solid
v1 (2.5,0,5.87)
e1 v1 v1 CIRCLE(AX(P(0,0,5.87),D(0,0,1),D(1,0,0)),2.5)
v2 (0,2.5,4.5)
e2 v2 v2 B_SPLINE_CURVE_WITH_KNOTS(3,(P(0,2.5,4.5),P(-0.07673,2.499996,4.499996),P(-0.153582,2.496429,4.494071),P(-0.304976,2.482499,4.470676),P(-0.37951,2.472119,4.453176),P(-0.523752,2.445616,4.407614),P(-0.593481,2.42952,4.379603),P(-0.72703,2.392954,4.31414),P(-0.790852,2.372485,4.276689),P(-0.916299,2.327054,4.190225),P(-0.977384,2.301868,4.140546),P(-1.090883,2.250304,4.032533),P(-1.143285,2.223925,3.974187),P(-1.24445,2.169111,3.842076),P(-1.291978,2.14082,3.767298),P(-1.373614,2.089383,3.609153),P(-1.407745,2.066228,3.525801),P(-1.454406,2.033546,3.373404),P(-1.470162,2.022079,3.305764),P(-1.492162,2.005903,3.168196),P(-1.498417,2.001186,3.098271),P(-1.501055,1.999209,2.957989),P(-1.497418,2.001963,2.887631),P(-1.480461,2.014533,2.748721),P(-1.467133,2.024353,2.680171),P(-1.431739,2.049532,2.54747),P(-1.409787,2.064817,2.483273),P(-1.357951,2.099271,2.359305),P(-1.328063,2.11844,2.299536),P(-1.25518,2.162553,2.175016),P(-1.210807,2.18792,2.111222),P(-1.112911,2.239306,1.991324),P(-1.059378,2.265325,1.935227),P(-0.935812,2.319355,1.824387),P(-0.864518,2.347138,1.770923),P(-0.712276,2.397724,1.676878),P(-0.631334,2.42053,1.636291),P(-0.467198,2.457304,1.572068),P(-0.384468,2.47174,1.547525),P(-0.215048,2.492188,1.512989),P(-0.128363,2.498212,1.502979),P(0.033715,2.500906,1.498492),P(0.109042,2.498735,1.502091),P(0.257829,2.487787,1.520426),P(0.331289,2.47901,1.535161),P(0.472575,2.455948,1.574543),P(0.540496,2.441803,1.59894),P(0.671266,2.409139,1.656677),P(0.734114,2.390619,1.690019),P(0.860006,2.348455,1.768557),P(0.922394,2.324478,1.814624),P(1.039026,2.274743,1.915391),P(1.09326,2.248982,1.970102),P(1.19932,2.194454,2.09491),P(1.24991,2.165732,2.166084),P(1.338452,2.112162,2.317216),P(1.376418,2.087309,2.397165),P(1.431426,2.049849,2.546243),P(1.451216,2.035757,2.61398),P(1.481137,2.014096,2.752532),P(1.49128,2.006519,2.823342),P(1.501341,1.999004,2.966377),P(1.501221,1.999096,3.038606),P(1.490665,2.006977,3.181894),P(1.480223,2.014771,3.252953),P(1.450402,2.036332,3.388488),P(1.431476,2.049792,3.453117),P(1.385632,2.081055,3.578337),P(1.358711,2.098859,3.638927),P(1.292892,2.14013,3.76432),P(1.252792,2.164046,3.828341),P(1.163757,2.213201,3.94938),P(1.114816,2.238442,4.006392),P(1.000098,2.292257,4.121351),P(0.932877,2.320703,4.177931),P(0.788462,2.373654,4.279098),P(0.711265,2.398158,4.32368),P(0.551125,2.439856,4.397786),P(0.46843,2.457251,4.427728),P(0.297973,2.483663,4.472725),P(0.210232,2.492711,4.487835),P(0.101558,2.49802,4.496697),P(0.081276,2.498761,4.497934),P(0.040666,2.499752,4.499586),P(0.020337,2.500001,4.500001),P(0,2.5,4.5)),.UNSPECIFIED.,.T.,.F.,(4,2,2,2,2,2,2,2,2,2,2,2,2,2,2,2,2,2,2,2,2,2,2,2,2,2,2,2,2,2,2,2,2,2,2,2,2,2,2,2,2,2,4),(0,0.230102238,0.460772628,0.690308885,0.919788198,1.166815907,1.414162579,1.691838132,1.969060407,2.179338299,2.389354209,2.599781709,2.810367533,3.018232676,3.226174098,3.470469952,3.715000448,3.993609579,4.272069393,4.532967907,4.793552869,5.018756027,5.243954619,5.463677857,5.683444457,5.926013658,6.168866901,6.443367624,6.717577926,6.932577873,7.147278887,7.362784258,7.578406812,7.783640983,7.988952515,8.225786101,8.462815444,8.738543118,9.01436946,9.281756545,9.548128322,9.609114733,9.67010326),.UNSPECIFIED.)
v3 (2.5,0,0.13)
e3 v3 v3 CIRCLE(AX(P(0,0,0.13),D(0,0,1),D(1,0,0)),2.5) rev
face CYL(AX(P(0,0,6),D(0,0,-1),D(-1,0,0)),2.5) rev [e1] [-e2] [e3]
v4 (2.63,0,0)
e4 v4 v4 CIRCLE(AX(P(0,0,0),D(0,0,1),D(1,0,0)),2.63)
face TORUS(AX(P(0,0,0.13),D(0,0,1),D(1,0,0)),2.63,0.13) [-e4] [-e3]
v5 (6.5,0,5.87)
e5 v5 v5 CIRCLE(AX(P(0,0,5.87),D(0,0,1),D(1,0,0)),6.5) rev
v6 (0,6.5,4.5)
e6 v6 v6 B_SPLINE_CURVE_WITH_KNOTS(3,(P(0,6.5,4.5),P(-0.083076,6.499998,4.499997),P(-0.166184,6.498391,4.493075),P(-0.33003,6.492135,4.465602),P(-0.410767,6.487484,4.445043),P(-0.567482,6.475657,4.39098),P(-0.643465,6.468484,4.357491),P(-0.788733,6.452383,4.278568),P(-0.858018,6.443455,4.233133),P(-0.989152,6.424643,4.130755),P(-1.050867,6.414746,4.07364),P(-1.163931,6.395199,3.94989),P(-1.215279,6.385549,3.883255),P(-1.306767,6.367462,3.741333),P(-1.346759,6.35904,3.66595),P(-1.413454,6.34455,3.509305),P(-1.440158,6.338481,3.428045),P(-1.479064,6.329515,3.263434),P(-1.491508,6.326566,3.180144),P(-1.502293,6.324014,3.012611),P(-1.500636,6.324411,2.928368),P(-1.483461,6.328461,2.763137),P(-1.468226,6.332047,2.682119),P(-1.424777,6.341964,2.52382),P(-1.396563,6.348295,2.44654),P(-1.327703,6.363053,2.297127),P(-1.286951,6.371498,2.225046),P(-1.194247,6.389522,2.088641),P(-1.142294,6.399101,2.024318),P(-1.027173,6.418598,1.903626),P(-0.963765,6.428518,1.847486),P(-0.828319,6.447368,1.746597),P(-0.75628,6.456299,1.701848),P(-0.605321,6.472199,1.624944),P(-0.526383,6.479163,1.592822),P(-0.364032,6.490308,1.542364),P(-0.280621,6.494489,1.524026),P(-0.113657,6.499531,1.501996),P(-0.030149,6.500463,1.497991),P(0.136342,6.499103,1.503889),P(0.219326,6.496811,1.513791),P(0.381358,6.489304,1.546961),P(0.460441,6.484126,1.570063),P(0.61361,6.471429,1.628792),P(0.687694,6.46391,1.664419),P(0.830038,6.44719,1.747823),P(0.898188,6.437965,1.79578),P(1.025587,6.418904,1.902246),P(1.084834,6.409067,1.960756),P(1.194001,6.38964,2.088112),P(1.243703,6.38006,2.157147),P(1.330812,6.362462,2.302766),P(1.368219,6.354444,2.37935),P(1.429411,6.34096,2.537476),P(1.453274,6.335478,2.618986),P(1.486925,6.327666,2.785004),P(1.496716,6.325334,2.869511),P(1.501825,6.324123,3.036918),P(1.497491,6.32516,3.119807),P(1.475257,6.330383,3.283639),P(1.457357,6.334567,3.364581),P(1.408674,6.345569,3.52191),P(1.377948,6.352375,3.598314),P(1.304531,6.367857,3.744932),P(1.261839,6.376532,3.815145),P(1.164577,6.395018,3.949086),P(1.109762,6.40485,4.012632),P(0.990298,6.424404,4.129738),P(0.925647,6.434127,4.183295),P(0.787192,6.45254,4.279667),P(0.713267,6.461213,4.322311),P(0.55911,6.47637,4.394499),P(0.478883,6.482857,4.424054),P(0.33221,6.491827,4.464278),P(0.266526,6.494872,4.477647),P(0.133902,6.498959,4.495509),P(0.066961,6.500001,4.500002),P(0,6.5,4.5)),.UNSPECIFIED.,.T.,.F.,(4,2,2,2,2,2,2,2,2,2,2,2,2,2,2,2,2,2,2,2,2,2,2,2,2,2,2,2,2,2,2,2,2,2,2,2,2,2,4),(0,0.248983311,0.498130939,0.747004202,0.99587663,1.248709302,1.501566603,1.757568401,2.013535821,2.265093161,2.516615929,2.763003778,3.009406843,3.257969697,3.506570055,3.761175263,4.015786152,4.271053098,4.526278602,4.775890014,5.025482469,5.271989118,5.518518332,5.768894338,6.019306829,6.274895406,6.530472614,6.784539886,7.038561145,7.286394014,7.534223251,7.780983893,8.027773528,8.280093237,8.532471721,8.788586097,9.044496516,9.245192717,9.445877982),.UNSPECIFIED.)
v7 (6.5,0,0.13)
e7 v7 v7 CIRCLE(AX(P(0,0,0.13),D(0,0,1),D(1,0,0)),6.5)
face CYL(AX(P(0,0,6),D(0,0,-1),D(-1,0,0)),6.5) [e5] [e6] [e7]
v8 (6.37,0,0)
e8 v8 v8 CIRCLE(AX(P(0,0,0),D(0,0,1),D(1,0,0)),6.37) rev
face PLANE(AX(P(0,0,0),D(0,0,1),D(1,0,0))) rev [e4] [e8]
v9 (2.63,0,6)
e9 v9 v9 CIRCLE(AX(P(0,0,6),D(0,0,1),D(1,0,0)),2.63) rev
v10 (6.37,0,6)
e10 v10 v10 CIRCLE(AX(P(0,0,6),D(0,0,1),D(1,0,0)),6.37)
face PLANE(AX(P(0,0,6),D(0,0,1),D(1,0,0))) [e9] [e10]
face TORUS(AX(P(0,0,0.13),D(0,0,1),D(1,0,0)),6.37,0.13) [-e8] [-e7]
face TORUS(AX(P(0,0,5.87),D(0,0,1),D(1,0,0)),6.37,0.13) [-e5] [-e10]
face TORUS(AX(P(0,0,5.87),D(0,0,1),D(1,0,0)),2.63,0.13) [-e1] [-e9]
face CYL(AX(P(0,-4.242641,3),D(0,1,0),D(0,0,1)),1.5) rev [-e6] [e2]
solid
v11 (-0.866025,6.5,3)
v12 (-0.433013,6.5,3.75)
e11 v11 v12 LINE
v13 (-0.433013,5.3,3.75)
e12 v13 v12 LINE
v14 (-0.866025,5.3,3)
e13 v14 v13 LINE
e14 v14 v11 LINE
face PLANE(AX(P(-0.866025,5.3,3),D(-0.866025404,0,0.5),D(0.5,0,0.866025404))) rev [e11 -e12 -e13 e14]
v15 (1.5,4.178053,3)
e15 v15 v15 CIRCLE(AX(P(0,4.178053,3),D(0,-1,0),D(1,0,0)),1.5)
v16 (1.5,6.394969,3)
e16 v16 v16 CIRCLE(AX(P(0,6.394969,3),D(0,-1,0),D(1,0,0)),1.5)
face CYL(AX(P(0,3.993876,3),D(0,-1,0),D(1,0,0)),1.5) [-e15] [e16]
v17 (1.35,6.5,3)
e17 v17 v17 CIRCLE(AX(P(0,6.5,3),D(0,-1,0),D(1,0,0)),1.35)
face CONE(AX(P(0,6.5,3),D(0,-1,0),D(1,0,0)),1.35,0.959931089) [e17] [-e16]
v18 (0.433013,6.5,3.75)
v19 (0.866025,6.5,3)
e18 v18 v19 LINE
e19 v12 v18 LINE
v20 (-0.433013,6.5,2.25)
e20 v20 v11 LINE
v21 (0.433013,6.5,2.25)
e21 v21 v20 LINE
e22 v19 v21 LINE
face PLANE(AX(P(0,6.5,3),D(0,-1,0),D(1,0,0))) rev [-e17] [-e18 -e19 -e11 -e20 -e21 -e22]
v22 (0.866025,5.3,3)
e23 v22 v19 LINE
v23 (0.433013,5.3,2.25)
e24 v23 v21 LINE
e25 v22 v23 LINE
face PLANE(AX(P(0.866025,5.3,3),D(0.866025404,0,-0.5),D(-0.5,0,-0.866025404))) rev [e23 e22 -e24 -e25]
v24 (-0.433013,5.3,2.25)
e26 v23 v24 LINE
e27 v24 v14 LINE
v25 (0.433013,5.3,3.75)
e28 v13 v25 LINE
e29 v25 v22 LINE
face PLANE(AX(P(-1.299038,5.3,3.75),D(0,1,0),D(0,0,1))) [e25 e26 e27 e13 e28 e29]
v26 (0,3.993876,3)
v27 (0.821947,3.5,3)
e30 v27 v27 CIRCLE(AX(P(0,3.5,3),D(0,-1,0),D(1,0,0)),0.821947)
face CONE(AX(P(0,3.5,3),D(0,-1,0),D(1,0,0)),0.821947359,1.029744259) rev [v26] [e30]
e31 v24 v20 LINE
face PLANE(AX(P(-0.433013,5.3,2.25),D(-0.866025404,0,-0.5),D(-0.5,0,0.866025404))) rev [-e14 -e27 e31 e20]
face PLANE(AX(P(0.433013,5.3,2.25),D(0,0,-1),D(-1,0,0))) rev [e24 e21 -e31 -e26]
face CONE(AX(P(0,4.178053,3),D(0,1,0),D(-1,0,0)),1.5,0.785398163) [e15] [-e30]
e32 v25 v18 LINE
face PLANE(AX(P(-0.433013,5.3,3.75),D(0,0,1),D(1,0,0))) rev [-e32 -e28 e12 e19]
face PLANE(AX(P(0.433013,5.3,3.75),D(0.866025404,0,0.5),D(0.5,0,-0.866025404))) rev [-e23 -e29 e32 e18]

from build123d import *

# Parameters (mm, degrees)
SKETCH1_R               = 6.5
SKETCH1_R_2             = 2.5
EXTRUDE1_DEPTH          = 6
CUT_EXTRUDE1_REACH      = 17.724
CUT_EXTRUDE1_END_RADIUS = 2.5
SKETCH2_R               = 1.5
CUT_EXTRUDE2_DEPTH      = 1.2
FILLET1_R               = 0.13


with BuildPart() as part:
    # Sketch1 → Extrude1 (new body)
    with BuildSketch(Plane.XY):
        Circle(SKETCH1_R)
        Circle(SKETCH1_R_2, mode=Mode.SUBTRACT)
    extrude(amount=EXTRUDE1_DEPTH)

    # Cut-Extrude1: up to this cylinder (the profile starts outside it)
    cut_extrude1_end = Plane(origin=(0, 0, 3), z_dir=(0, 0, -1)) * Cylinder(CUT_EXTRUDE1_END_RADIUS, 41.448, mode=Mode.PRIVATE)
    # Sketch2 → Cut-Extrude1 (cut, up to the surface)
    with BuildSketch(Plane(origin=(0, 6.5, 0), x_dir=(-1, 0, 0), z_dir=(0, 1, 0)), mode=Mode.PRIVATE) as cut_extrude1_sk1:
        with Locations(Location((0, 3, 0), (0, 0, 90))):
            Circle(SKETCH2_R)
    cut_extrude1_tool1 = extrude(cut_extrude1_sk1.sketch, amount=-CUT_EXTRUDE1_REACH, mode=Mode.PRIVATE) - cut_extrude1_end
    add(cut_extrude1_tool1.solids().sort_by_distance((0, 6.5, 3))[0], mode=Mode.SUBTRACT)

    # Fillet1
    fillet1_edges = [part.edges().sort_by_distance(p)[0] for p in [
        (-6.5, 0, 0),
        (-6.5, 0, 6),
        (-2.5, 0, 0),
        (-2.5, 0, 6),
    ]]
    fillet(fillet1_edges, radius=FILLET1_R)


with BuildPart() as body_2:
    # Sketch3 → Revolve1 (revolve)
    with BuildSketch(Plane.XY.offset(3), mode=Mode.PRIVATE) as revolve1_sk:
        Polygon((-1.35, 6.5), (-1.5, 6.394968869), (-1.5, 4.178052641), (-0.821947359, 3.5), (0, 3.993875799), (0, 6.5), align=None)
    revolve(revolve1_sk.sketch.rotate(Axis((0, 3.993875799, 3), (0, 1, 0)), 180), axis=Axis((0, 3.993875799, 3), (0, 1, 0)))

    # Sketch4 → Cut-Extrude2 (cut)
    with BuildSketch(Plane(origin=(0, 6.5, 0), x_dir=(0, 0, -1), z_dir=(0, 1, 0))):
        Polygon((-3, 0.866025404), (-3.75, 0.433012702), (-3.75, -0.433012702), (-3, -0.866025404), (-2.25, -0.433012702), (-2.25, 0.433012702), align=None)
    extrude(amount=-CUT_EXTRUDE2_DEPTH, mode=Mode.SUBTRACT)


solid = Compound([part.part, body_2.part])
